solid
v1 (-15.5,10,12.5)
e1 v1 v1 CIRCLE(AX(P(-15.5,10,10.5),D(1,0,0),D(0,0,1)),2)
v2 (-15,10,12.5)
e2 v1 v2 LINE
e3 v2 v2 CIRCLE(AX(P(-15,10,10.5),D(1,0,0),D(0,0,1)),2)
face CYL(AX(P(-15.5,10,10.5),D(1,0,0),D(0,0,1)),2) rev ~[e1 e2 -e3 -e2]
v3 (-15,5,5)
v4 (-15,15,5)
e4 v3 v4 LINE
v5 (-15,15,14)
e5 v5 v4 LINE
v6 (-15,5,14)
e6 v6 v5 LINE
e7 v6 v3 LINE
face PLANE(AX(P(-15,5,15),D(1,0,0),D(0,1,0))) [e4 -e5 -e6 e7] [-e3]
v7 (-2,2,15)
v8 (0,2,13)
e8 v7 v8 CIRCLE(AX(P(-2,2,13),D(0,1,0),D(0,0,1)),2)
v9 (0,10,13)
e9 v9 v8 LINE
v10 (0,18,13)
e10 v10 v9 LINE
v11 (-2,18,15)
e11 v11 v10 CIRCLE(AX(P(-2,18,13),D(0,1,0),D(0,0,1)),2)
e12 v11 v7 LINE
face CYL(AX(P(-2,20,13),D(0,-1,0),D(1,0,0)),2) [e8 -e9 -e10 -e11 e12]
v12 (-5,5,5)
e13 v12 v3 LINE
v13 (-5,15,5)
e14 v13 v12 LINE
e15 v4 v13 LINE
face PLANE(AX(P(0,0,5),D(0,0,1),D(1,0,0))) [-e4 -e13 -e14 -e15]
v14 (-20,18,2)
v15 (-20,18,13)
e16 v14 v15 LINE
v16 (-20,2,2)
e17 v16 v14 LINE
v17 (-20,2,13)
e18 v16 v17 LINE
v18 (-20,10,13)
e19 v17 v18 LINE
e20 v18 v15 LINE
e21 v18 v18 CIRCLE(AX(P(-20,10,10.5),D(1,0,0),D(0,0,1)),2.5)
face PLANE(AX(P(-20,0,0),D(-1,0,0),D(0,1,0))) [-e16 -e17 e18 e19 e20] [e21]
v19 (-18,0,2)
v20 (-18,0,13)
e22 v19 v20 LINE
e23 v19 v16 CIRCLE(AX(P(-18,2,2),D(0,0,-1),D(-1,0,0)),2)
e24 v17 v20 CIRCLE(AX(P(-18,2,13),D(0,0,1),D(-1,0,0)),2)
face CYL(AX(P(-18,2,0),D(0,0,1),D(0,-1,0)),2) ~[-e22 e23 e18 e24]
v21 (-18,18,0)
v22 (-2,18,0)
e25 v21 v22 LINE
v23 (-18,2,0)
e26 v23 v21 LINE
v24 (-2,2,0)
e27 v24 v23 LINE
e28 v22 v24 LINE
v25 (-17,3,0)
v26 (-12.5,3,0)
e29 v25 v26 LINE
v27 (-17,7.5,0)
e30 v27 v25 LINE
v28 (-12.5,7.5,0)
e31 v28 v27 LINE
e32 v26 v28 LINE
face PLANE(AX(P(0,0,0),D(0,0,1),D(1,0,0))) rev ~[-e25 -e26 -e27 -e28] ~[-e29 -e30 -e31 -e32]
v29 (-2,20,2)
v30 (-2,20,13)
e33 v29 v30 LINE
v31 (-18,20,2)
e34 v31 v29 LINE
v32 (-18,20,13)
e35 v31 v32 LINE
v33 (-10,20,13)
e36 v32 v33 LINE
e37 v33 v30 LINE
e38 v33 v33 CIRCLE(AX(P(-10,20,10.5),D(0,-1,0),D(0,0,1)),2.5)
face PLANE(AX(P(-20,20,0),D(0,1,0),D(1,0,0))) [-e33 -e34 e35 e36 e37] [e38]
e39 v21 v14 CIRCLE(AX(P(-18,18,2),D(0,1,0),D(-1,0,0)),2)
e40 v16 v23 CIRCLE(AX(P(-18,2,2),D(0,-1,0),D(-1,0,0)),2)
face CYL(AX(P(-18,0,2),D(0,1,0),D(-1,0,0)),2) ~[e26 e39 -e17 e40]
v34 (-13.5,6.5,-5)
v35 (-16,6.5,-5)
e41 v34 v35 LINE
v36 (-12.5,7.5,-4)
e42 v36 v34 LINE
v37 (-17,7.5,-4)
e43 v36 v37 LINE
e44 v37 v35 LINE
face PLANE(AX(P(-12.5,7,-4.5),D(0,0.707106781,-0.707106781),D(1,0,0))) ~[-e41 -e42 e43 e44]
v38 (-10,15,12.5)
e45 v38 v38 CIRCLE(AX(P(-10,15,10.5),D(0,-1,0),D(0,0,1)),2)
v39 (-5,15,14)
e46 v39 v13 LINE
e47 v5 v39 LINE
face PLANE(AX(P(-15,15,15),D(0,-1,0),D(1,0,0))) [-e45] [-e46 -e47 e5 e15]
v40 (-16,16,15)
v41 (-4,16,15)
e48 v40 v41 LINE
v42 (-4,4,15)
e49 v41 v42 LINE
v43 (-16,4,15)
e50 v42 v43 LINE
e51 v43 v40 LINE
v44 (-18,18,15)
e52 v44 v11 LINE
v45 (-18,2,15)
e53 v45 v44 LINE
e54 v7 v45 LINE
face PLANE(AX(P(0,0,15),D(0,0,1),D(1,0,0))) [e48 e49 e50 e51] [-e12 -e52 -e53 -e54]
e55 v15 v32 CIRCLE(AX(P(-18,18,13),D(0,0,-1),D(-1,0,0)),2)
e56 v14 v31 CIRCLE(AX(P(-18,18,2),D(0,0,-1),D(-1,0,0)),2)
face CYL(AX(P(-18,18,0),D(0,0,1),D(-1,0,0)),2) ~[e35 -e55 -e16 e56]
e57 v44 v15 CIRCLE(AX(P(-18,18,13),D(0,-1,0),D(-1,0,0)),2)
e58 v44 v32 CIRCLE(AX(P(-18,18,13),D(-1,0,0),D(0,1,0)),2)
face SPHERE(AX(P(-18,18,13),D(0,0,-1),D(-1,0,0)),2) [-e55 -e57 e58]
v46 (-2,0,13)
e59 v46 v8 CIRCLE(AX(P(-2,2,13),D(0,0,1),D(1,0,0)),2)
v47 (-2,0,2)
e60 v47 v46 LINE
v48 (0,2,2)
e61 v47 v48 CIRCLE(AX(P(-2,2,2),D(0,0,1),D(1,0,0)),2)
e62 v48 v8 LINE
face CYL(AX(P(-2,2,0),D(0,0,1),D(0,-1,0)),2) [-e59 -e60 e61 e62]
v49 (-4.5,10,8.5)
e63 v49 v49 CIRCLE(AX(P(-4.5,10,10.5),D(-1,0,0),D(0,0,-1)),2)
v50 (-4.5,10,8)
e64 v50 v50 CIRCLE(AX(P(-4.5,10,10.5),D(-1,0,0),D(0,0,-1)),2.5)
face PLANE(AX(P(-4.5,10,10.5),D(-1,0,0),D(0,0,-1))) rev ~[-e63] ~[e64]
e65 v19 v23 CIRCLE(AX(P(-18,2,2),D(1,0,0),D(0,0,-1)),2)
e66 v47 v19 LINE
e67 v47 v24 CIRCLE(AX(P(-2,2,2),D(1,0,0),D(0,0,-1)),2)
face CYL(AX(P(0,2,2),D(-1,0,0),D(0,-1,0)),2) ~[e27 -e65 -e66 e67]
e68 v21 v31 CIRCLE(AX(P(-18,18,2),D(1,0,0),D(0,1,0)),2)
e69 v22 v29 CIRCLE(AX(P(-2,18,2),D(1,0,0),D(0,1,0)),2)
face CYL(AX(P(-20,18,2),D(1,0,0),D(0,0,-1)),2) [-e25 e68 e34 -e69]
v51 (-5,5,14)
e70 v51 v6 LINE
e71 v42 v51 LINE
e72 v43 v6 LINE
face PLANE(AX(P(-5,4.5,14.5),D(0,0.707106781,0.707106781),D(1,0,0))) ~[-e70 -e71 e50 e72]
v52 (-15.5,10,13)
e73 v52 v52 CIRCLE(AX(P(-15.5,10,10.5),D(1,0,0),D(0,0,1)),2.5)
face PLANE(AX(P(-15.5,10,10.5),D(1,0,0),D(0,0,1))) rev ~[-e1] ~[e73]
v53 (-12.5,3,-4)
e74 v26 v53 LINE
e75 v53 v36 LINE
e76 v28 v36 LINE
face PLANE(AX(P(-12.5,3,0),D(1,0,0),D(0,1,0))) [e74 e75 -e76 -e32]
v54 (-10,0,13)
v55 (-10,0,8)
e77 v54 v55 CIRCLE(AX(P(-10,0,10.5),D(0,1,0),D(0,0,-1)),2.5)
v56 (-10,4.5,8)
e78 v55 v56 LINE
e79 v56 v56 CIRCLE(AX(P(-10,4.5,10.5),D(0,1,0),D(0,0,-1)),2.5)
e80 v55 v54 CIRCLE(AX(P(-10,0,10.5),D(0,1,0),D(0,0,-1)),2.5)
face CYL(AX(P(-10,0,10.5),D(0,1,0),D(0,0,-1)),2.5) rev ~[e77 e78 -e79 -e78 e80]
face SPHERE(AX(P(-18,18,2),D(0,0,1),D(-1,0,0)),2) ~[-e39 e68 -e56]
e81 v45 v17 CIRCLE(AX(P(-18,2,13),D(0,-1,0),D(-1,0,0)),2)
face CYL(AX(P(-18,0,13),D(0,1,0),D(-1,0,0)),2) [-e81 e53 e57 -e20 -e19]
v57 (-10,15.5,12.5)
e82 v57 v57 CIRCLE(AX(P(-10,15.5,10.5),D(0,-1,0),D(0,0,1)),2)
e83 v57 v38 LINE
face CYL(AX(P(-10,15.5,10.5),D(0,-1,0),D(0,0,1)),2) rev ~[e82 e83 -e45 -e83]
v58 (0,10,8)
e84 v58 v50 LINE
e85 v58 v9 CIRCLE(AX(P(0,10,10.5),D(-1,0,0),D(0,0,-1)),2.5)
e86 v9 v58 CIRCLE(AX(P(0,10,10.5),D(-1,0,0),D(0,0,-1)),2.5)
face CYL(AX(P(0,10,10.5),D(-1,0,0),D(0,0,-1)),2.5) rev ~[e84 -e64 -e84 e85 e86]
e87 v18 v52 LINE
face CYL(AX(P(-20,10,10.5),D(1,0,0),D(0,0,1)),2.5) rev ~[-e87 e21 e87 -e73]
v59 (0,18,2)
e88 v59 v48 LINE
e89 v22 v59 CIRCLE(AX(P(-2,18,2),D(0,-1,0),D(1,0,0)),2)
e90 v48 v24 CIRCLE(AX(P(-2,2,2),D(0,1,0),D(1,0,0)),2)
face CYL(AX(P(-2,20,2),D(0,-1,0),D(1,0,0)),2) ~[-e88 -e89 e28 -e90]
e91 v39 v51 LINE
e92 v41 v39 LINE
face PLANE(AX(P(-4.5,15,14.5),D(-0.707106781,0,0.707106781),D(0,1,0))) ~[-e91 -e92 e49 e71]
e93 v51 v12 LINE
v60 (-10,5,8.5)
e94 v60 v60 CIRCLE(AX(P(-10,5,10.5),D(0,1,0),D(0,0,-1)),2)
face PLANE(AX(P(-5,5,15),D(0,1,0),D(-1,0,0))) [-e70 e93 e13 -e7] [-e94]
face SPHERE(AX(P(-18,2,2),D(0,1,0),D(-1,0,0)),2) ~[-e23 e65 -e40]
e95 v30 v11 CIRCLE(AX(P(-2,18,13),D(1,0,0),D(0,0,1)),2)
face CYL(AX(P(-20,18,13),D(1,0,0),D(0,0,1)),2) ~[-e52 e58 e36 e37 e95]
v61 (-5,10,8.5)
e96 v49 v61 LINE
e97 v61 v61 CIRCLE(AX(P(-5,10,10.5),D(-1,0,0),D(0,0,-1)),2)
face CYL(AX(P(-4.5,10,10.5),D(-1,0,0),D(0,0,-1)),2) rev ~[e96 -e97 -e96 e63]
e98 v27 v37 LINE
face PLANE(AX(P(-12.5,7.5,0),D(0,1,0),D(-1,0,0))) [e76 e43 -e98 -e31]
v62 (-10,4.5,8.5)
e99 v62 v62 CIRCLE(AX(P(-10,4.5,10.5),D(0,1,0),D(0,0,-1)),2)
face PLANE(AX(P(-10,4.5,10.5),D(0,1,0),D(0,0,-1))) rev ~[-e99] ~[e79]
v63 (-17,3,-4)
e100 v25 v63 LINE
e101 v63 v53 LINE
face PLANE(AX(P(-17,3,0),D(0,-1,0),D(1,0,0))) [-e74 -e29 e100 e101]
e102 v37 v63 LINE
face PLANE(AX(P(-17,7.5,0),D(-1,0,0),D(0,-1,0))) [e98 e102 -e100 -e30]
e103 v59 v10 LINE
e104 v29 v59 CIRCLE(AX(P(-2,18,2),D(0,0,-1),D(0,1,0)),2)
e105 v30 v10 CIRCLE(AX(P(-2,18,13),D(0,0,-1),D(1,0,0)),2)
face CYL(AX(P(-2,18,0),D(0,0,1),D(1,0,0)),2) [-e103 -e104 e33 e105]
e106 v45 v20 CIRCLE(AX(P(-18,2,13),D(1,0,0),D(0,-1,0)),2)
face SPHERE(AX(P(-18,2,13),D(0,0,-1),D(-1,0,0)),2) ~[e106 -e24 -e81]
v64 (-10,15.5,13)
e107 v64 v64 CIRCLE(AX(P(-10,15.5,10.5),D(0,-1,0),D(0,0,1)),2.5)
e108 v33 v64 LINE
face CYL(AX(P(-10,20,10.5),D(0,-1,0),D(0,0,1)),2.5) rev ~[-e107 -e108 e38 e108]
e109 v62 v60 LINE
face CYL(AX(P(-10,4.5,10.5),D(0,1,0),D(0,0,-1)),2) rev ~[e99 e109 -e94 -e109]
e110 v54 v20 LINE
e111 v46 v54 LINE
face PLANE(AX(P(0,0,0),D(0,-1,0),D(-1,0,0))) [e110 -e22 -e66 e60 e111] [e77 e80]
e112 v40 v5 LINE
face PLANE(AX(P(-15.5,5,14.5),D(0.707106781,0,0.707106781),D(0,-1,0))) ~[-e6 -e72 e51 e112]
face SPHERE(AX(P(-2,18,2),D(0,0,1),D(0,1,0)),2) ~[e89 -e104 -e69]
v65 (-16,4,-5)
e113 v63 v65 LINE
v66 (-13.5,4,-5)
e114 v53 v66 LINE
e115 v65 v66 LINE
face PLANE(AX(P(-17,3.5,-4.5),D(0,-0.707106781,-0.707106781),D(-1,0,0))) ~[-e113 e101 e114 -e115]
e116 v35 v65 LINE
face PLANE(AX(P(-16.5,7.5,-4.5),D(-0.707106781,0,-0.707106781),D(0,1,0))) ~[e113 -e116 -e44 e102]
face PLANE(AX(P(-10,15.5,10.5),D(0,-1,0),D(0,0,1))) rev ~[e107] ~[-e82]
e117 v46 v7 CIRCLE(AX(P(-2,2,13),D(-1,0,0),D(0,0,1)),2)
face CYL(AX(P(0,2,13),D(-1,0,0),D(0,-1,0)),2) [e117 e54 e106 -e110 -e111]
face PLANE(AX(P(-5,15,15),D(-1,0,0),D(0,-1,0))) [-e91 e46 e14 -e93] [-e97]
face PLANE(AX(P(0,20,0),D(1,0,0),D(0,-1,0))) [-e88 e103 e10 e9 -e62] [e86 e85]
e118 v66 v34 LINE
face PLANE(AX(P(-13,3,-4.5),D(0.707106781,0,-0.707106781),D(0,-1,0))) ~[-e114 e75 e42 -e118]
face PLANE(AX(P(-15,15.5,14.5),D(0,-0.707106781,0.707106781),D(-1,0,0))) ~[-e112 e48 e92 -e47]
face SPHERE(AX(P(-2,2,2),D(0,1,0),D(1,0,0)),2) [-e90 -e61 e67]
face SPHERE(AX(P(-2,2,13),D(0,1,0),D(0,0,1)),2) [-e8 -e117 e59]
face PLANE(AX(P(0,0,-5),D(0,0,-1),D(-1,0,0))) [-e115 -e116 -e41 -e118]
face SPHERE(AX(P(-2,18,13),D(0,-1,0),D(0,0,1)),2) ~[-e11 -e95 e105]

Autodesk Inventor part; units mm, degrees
ref_plane "YZ Plane" through (0, 0, 0) normal (1, 0, 0) x (0, 1, 0)
ref_plane "XZ Plane" through (0, 0, 0) normal (0, 1, 0) x (-1, 0, 0)
ref_plane "XY Plane" through (0, 0, 0) normal (0, 0, 1) x (1, 0, 0)
sketch "Sketch14" plane through (0, 0, 0) normal (0, 0, 1) x (1, 0, 0)
  line L0 (0, 0) -> (-20, 0)
  line L1 (-20, 0) -> (-20, 20)
  line L2 (-20, 20) -> (0, 20)
  line L3 (0, 20) -> (0, 0)
  line L4 (-5, 5) -> (-10, 5)
  line L5 (-10, 5) -> (-10, 10)
  line L6 (-10, 10) -> (-5, 10)
  line L7 (-5, 10) -> (-5, 5)
  dimension "d71" = 20
  dimension "d72" = 20
  dimension "d73" = 5
  dimension "d74" = 5
extrude "Extrusion9" add sketch "Sketch14" along normal blind 15 contours L0 L1 L2 L3 | L4 L5 L6 L7
fillet "Fillet1" radius 2 12 edges at (-20, 20, 7.5) (-20, 10, 0) (-20, 0, 7.5) (-20, 10, 15) (0, 10, 15) (-10, 20, 15) (0, 20, 7.5) (-10, 20, 0) (-10, 0, 15) (0, 10, 0) (0, 0, 7.5) (-10, 0, 0)
sketch "Sketch19" plane through (0, 0, 0) normal (0, 0, -1) x (-1, 0, 0)
  line L0 (17, 3) -> (12.5, 3)
  line L1 (12.5, 3) -> (12.5, 7.5)
  line L2 (12.5, 7.5) -> (17, 7.5)
  line L3 (17, 7.5) -> (17, 3)
  point P0 (0, 0)
  point P1 (20, 20)
  dimension "d164" = 4.5
  dimension "d165" = 4.5
extrude "Extrusion15" add sketch "Sketch19" along normal blind 5
chamfer "Chamfer12" distance 1 angle 45 4 edges at (-17, 5.25, -5) (-14.75, 7.5, -5) (-12.5, 5.25, -5) (-14.75, 3, -5)
sketch "Sketch24" plane through (0, 0, 15) normal (0, 0, 1) x (1, 0, 0)
  line L0 (-15, 15) -> (-5, 15)
  line L1 (-5, 15) -> (-5, 5)
  line L2 (-5, 5) -> (-15, 5)
  line L3 (-15, 5) -> (-15, 15)
  point P0 (0, 0)
  dimension "d176" = 10
  dimension "d177" = 10
extrude "Extrusion16" cut sketch "Sketch24" against normal blind 10
chamfer "Chamfer13" distance 1 angle 45 4 edges at (-10, 5, 15) (-5, 10, 15) (-10, 15, 15) (-15, 10, 15)
sketch "Sketch28" plane through (-20, 2, 2) normal (-1, 0, 0) x (0, 0, 1)
  point P0 (-2, -2)
  point P1 (8.5, 8)
hole "Hole15" at (-20, 10, 10.5) direction (1, 0, 0) diameter 4 depth 6 counterbore diameter 5 counterbore depth 4.5
sketch "Sketch29" plane through (0, 2, 13) normal (1, 0, 0) x (0, 0, -1)
  circle A0 centre (2.5, 8) radius 2 projected
  point P0 (13, -2)
hole "Hole16" at (0, 10, 10.5) direction (-1, 0, 0) diameter 4 depth 6 counterbore diameter 5 counterbore depth 4.5
sketch "Sketch30" plane through (-18, 20, 2) normal (0, 1, 0) x (1, 0, 0)
  line L0 (18, 2) -> (-2, 2)
  line L1 (-2, 2) -> (-2, -13)
  line L2 (-2, -13) -> (18, -13)
  line L3 (18, -13) -> (18, 2)
  line L4 (-2, -13) -> (8, -13)
  line L5 (8, -13) -> (8, -8.5)
  line L6 (8, -8.5) -> (-2, -8.5)
  line L7 (-2, -8.5) -> (-2, -13)
  dimension "d226" = 20
  dimension "d227" = 15
  dimension "d228" = 10
  dimension "d229" = 4.5
sketch "Sketch31" plane through (-18, 0, 2) normal (0, -1, 0) x (1, 0, 0)
  line L0 (18, -2) -> (-2, -2)
  line L1 (-2, -2) -> (-2, 13)
  line L2 (-2, 13) -> (18, 13)
  line L3 (18, 13) -> (18, -2)
  line L4 (-2, 13) -> (8, 13)
  line L5 (8, 13) -> (8, 8.5)
  line L6 (8, 8.5) -> (-2, 8.5)
  line L7 (-2, 8.5) -> (-2, 13)
  dimension "d230" = 20
  dimension "d231" = 15
  dimension "d232" = 10
  dimension "d233" = 4.5
hole "Hole17" at (-10, 20, 10.5) direction (0, -1, 0) diameter 4 depth 6 counterbore diameter 5 counterbore depth 4.5
hole "Hole18" at (-10, 0, 10.5) direction (0, 1, 0) diameter 4 depth 6 counterbore diameter 5 counterbore depth 4.5
properties part number "Clamp_Adapter_V1"
